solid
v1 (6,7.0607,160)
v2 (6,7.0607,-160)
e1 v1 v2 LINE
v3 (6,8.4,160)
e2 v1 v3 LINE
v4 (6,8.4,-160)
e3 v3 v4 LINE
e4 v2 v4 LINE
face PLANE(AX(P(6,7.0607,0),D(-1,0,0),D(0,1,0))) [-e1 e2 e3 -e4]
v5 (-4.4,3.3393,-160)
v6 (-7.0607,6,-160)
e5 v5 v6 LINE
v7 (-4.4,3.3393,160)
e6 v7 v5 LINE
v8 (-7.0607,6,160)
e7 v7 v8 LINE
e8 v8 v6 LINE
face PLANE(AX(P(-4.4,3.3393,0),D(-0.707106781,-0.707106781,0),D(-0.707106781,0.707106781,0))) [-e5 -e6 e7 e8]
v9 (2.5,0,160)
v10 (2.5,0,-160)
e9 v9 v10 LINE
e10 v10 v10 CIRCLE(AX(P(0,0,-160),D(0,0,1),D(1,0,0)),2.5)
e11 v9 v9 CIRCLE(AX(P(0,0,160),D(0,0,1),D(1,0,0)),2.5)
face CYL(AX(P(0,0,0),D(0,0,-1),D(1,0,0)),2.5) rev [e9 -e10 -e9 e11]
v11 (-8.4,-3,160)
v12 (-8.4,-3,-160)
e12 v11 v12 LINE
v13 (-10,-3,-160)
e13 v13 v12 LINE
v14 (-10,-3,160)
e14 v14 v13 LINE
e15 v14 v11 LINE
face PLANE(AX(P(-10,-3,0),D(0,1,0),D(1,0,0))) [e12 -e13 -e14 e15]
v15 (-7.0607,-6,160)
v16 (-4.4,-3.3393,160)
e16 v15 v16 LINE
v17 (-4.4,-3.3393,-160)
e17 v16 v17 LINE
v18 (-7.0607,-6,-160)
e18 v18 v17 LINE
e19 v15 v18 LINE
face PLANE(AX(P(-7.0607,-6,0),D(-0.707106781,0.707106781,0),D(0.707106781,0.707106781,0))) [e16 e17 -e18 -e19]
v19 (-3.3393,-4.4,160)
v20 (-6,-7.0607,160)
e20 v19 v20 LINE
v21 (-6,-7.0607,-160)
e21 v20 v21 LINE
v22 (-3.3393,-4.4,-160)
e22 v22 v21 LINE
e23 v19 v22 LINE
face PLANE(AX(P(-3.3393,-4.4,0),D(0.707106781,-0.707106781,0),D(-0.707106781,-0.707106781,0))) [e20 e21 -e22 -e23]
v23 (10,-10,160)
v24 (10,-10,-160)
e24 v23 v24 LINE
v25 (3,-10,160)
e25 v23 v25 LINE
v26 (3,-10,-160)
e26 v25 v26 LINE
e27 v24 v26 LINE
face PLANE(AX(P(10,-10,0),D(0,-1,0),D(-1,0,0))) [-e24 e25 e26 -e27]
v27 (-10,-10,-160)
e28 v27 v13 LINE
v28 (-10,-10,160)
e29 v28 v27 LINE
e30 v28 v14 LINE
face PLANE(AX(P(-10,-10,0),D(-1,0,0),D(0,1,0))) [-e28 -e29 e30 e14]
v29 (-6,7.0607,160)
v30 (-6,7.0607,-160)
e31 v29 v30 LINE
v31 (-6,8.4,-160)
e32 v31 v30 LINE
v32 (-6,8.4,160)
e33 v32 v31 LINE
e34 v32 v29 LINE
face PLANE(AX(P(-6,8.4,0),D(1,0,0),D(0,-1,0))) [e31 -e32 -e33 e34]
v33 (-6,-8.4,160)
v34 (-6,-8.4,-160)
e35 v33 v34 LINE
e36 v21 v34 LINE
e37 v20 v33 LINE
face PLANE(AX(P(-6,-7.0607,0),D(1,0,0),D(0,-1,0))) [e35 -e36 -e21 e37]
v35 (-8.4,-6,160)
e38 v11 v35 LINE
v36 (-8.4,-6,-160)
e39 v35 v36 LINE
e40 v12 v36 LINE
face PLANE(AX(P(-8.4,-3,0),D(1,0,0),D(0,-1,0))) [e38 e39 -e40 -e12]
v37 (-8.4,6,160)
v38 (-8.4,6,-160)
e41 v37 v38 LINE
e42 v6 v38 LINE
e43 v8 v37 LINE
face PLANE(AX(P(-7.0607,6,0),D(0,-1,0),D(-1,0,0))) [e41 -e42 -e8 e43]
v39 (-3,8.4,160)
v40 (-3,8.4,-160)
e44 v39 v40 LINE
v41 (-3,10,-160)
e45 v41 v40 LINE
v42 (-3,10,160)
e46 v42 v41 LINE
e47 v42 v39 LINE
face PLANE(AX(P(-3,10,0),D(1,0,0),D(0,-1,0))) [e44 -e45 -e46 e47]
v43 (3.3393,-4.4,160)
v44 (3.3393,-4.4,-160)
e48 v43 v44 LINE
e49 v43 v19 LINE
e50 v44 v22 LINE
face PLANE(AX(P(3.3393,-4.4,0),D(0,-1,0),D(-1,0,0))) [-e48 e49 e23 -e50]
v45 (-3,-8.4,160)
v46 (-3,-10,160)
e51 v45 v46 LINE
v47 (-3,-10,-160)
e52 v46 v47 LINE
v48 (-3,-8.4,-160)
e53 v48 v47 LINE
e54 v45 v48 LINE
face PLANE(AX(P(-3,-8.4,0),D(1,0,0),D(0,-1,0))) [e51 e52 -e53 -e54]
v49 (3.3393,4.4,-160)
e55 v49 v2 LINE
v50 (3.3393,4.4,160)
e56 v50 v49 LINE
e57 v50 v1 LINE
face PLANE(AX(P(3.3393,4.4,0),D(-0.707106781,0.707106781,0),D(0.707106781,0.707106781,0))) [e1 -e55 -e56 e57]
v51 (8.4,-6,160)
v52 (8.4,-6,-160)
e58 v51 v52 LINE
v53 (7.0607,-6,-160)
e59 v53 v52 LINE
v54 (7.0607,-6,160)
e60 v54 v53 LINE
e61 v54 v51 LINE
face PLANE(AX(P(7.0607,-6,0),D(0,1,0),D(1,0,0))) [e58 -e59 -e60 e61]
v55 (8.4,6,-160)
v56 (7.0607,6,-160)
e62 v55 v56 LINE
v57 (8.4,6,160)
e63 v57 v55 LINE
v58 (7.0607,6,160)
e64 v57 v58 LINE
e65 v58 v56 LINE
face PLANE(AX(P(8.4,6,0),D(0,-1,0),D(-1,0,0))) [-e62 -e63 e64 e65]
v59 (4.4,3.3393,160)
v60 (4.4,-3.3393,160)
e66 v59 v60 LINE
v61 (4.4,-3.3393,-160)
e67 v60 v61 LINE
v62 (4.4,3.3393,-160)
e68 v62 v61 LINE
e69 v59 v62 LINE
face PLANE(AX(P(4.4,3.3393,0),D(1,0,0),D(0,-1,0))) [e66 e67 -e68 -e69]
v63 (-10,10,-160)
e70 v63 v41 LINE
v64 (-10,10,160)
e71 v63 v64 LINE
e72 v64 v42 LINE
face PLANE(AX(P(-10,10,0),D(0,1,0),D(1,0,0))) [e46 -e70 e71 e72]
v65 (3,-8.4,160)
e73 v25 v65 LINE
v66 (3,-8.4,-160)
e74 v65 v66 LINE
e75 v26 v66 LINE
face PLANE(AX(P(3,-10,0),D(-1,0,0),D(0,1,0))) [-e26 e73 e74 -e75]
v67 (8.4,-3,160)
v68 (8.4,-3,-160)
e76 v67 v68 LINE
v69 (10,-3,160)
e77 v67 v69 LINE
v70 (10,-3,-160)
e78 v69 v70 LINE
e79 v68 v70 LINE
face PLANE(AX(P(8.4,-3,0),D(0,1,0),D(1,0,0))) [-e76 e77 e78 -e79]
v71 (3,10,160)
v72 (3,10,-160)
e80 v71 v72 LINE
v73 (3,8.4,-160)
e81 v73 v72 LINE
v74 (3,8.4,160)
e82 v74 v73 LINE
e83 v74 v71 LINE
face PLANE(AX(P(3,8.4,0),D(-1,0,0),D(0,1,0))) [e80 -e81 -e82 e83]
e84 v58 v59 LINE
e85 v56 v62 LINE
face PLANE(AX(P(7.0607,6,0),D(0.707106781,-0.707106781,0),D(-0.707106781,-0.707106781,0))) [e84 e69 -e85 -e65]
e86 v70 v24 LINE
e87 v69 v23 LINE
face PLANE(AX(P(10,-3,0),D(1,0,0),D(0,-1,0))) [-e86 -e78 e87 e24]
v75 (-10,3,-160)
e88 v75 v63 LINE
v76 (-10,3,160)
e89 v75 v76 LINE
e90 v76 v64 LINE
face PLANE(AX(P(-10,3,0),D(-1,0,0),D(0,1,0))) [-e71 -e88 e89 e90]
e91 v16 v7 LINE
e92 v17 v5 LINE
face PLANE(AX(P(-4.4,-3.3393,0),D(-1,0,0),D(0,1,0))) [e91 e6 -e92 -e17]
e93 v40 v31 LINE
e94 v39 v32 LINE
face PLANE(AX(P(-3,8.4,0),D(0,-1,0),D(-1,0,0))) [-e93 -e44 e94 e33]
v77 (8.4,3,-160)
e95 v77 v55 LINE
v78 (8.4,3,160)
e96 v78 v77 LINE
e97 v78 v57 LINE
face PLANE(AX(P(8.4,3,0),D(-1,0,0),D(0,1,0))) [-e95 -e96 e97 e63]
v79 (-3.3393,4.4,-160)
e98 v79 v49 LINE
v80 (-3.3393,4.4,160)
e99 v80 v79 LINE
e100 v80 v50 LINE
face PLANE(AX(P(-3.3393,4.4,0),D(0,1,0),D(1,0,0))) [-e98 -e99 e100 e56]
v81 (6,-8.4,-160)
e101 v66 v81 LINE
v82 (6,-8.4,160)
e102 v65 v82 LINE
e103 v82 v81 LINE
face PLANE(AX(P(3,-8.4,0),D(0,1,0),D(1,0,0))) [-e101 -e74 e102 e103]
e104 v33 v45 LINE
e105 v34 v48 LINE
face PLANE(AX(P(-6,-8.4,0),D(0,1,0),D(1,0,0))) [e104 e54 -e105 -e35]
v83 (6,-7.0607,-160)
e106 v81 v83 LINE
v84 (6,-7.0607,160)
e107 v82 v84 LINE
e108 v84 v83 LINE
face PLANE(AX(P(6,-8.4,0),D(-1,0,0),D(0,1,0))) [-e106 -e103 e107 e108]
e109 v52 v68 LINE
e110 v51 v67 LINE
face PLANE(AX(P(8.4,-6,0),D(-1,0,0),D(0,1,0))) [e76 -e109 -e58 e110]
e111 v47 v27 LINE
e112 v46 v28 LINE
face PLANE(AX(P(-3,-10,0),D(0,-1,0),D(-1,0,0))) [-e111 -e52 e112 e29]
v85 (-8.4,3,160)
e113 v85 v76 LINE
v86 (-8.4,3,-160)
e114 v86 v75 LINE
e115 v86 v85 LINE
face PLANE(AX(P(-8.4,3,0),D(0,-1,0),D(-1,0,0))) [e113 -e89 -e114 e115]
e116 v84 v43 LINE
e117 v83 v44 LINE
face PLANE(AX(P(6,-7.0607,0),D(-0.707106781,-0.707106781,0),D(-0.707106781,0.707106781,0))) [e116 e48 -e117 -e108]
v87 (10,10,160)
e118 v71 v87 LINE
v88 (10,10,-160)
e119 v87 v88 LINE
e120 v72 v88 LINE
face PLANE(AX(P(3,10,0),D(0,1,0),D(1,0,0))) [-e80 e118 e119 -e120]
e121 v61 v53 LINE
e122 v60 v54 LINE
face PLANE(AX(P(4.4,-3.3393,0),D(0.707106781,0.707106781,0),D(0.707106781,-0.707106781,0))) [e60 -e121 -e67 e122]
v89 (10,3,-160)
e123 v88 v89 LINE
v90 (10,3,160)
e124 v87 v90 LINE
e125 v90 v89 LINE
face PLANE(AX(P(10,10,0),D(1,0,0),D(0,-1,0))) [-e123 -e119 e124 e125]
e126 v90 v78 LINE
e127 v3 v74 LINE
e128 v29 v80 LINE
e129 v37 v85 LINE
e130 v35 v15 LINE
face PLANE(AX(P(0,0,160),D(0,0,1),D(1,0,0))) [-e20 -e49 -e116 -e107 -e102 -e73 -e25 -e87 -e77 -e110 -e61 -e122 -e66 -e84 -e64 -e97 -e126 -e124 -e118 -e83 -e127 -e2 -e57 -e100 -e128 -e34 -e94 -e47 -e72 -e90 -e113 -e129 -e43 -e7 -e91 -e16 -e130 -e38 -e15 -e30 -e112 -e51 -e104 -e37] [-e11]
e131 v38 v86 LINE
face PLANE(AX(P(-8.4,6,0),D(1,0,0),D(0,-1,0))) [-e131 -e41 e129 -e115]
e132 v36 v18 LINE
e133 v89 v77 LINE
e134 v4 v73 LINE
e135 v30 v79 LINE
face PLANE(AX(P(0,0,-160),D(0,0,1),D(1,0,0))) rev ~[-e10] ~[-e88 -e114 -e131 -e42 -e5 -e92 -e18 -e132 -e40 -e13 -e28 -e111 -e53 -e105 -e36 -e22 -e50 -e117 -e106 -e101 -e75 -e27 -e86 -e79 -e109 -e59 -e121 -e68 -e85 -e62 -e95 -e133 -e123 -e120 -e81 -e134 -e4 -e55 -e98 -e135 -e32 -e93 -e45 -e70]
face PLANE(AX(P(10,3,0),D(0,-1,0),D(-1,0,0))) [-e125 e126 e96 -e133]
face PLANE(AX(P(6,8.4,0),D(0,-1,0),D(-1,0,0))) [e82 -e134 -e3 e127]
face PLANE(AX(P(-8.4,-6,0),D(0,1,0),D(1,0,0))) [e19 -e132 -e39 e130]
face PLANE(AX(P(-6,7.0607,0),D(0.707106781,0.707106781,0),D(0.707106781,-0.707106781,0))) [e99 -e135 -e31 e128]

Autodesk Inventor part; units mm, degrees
ref_plane "YZ Plane" through (0, 0, 0) normal (1, 0, 0) x (0, 1, 0)
ref_plane "XZ Plane" through (0, 0, 0) normal (0, 1, 0) x (-1, 0, 0)
sketch "スケッチ1" plane through (0, 0, 0) normal (0, 0, 1) x (1, 0, 0)
  circle A0 centre (0, 0) radius 2.5
  line L0 (-10, 10) -> (10, 10) construction
  line L1 (10, 10) -> (10, -10) construction
  line L2 (10, -10) -> (-10, -10) construction
  line L3 (-10, -10) -> (-10, 10) construction
  line L4 (-3, 10) -> (-3, 8.4) construction
  line L5 (-3, 8.4) -> (-6, 8.4) construction
  line L6 (-6, 8.4) -> (-6, 7.0607) construction
  line L7 (-6, 7.0607) -> (-3.3393, 4.4) construction
  line L8 (-3.3393, 4.4) -> (3.3393, 4.4) construction
  line L9 (3.3393, 4.4) -> (6, 7.0607) construction
  line L10 (6, 7.0607) -> (6, 8.4) construction
  line L11 (6, 8.4) -> (3, 8.4) construction
  line L12 (3, 8.4) -> (3, 10) construction
  line L13 (-10, 10) -> (10, -10) construction
  line L14 (-10, 10) -> (-3, 10)
  line L15 (-3, 10) -> (-3, 8.4)
  line L16 (-3, 8.4) -> (-6, 8.4)
  line L17 (-6, 8.4) -> (-6, 7.0607)
  line L18 (-6, 7.0607) -> (-3.3393, 4.4)
  line L19 (-3.3393, 4.4) -> (3.3393, 4.4)
  line L20 (3.3393, 4.4) -> (6, 7.0607)
  line L21 (6, 7.0607) -> (6, 8.4)
  line L22 (6, 8.4) -> (3, 8.4)
  line L23 (3, 8.4) -> (3, 10)
  line L24 (3, 10) -> (10, 10)
  line L25 (-10, -10) -> (-10, -3)
  line L26 (-10, -3) -> (-8.4, -3)
  line L27 (-8.4, -3) -> (-8.4, -6)
  line L28 (-8.4, -6) -> (-7.0607, -6)
  line L29 (-7.0607, -6) -> (-4.4, -3.3393)
  line L30 (-4.4, -3.3393) -> (-4.4, 3.3393)
  line L31 (-4.4, 3.3393) -> (-7.0607, 6)
  line L32 (-8.4, 6) -> (-8.4, 3)
  line L33 (-7.0607, 6) -> (-8.4, 6)
  line L34 (-8.4, 3) -> (-10, 3)
  line L35 (-10, 3) -> (-10, 10)
  line L36 (10, -10) -> (3, -10)
  line L37 (3, -10) -> (3, -8.4)
  line L38 (3, -8.4) -> (6, -8.4)
  line L39 (6, -8.4) -> (6, -7.0607)
  line L40 (6, -7.0607) -> (3.3393, -4.4)
  line L41 (3.3393, -4.4) -> (-3.3393, -4.4)
  line L42 (-3.3393, -4.4) -> (-6, -7.0607)
  line L43 (-6, -8.4) -> (-3, -8.4)
  line L44 (-6, -7.0607) -> (-6, -8.4)
  line L45 (-3, -8.4) -> (-3, -10)
  line L46 (-3, -10) -> (-10, -10)
  line L47 (10, 10) -> (10, 3)
  line L48 (10, 3) -> (8.4, 3)
  line L49 (8.4, 3) -> (8.4, 6)
  line L50 (8.4, 6) -> (7.0607, 6)
  line L51 (7.0607, 6) -> (4.4, 3.3393)
  line L52 (4.4, 3.3393) -> (4.4, -3.3393)
  line L53 (4.4, -3.3393) -> (7.0607, -6)
  line L54 (8.4, -6) -> (8.4, -3)
  line L55 (7.0607, -6) -> (8.4, -6)
  line L56 (8.4, -3) -> (10, -3)
  line L57 (10, -3) -> (10, -10)
  point P0 (-10, 0)
  point P1 (0, 10)
  dimension "d0" = 20
  dimension "d1" = 20
  dimension "d2" = 6
  dimension "d3" = 3
  dimension "d4" = 1.6
  dimension "d5" = 4
  dimension "d6" = 12
  dimension "d7" = 6
  dimension "d8" = 135
  dimension "d9" = 135
  dimension "d10" = 0.75
  dimension "d11" = 5
  dimension "d14" = 360
extrude "押し出し1" add sketch "スケッチ1" along normal mid plane 320
equation "\"d7\" = 0.5 * d6"
equation "\"d9\" = d8"
properties part number "l320"
